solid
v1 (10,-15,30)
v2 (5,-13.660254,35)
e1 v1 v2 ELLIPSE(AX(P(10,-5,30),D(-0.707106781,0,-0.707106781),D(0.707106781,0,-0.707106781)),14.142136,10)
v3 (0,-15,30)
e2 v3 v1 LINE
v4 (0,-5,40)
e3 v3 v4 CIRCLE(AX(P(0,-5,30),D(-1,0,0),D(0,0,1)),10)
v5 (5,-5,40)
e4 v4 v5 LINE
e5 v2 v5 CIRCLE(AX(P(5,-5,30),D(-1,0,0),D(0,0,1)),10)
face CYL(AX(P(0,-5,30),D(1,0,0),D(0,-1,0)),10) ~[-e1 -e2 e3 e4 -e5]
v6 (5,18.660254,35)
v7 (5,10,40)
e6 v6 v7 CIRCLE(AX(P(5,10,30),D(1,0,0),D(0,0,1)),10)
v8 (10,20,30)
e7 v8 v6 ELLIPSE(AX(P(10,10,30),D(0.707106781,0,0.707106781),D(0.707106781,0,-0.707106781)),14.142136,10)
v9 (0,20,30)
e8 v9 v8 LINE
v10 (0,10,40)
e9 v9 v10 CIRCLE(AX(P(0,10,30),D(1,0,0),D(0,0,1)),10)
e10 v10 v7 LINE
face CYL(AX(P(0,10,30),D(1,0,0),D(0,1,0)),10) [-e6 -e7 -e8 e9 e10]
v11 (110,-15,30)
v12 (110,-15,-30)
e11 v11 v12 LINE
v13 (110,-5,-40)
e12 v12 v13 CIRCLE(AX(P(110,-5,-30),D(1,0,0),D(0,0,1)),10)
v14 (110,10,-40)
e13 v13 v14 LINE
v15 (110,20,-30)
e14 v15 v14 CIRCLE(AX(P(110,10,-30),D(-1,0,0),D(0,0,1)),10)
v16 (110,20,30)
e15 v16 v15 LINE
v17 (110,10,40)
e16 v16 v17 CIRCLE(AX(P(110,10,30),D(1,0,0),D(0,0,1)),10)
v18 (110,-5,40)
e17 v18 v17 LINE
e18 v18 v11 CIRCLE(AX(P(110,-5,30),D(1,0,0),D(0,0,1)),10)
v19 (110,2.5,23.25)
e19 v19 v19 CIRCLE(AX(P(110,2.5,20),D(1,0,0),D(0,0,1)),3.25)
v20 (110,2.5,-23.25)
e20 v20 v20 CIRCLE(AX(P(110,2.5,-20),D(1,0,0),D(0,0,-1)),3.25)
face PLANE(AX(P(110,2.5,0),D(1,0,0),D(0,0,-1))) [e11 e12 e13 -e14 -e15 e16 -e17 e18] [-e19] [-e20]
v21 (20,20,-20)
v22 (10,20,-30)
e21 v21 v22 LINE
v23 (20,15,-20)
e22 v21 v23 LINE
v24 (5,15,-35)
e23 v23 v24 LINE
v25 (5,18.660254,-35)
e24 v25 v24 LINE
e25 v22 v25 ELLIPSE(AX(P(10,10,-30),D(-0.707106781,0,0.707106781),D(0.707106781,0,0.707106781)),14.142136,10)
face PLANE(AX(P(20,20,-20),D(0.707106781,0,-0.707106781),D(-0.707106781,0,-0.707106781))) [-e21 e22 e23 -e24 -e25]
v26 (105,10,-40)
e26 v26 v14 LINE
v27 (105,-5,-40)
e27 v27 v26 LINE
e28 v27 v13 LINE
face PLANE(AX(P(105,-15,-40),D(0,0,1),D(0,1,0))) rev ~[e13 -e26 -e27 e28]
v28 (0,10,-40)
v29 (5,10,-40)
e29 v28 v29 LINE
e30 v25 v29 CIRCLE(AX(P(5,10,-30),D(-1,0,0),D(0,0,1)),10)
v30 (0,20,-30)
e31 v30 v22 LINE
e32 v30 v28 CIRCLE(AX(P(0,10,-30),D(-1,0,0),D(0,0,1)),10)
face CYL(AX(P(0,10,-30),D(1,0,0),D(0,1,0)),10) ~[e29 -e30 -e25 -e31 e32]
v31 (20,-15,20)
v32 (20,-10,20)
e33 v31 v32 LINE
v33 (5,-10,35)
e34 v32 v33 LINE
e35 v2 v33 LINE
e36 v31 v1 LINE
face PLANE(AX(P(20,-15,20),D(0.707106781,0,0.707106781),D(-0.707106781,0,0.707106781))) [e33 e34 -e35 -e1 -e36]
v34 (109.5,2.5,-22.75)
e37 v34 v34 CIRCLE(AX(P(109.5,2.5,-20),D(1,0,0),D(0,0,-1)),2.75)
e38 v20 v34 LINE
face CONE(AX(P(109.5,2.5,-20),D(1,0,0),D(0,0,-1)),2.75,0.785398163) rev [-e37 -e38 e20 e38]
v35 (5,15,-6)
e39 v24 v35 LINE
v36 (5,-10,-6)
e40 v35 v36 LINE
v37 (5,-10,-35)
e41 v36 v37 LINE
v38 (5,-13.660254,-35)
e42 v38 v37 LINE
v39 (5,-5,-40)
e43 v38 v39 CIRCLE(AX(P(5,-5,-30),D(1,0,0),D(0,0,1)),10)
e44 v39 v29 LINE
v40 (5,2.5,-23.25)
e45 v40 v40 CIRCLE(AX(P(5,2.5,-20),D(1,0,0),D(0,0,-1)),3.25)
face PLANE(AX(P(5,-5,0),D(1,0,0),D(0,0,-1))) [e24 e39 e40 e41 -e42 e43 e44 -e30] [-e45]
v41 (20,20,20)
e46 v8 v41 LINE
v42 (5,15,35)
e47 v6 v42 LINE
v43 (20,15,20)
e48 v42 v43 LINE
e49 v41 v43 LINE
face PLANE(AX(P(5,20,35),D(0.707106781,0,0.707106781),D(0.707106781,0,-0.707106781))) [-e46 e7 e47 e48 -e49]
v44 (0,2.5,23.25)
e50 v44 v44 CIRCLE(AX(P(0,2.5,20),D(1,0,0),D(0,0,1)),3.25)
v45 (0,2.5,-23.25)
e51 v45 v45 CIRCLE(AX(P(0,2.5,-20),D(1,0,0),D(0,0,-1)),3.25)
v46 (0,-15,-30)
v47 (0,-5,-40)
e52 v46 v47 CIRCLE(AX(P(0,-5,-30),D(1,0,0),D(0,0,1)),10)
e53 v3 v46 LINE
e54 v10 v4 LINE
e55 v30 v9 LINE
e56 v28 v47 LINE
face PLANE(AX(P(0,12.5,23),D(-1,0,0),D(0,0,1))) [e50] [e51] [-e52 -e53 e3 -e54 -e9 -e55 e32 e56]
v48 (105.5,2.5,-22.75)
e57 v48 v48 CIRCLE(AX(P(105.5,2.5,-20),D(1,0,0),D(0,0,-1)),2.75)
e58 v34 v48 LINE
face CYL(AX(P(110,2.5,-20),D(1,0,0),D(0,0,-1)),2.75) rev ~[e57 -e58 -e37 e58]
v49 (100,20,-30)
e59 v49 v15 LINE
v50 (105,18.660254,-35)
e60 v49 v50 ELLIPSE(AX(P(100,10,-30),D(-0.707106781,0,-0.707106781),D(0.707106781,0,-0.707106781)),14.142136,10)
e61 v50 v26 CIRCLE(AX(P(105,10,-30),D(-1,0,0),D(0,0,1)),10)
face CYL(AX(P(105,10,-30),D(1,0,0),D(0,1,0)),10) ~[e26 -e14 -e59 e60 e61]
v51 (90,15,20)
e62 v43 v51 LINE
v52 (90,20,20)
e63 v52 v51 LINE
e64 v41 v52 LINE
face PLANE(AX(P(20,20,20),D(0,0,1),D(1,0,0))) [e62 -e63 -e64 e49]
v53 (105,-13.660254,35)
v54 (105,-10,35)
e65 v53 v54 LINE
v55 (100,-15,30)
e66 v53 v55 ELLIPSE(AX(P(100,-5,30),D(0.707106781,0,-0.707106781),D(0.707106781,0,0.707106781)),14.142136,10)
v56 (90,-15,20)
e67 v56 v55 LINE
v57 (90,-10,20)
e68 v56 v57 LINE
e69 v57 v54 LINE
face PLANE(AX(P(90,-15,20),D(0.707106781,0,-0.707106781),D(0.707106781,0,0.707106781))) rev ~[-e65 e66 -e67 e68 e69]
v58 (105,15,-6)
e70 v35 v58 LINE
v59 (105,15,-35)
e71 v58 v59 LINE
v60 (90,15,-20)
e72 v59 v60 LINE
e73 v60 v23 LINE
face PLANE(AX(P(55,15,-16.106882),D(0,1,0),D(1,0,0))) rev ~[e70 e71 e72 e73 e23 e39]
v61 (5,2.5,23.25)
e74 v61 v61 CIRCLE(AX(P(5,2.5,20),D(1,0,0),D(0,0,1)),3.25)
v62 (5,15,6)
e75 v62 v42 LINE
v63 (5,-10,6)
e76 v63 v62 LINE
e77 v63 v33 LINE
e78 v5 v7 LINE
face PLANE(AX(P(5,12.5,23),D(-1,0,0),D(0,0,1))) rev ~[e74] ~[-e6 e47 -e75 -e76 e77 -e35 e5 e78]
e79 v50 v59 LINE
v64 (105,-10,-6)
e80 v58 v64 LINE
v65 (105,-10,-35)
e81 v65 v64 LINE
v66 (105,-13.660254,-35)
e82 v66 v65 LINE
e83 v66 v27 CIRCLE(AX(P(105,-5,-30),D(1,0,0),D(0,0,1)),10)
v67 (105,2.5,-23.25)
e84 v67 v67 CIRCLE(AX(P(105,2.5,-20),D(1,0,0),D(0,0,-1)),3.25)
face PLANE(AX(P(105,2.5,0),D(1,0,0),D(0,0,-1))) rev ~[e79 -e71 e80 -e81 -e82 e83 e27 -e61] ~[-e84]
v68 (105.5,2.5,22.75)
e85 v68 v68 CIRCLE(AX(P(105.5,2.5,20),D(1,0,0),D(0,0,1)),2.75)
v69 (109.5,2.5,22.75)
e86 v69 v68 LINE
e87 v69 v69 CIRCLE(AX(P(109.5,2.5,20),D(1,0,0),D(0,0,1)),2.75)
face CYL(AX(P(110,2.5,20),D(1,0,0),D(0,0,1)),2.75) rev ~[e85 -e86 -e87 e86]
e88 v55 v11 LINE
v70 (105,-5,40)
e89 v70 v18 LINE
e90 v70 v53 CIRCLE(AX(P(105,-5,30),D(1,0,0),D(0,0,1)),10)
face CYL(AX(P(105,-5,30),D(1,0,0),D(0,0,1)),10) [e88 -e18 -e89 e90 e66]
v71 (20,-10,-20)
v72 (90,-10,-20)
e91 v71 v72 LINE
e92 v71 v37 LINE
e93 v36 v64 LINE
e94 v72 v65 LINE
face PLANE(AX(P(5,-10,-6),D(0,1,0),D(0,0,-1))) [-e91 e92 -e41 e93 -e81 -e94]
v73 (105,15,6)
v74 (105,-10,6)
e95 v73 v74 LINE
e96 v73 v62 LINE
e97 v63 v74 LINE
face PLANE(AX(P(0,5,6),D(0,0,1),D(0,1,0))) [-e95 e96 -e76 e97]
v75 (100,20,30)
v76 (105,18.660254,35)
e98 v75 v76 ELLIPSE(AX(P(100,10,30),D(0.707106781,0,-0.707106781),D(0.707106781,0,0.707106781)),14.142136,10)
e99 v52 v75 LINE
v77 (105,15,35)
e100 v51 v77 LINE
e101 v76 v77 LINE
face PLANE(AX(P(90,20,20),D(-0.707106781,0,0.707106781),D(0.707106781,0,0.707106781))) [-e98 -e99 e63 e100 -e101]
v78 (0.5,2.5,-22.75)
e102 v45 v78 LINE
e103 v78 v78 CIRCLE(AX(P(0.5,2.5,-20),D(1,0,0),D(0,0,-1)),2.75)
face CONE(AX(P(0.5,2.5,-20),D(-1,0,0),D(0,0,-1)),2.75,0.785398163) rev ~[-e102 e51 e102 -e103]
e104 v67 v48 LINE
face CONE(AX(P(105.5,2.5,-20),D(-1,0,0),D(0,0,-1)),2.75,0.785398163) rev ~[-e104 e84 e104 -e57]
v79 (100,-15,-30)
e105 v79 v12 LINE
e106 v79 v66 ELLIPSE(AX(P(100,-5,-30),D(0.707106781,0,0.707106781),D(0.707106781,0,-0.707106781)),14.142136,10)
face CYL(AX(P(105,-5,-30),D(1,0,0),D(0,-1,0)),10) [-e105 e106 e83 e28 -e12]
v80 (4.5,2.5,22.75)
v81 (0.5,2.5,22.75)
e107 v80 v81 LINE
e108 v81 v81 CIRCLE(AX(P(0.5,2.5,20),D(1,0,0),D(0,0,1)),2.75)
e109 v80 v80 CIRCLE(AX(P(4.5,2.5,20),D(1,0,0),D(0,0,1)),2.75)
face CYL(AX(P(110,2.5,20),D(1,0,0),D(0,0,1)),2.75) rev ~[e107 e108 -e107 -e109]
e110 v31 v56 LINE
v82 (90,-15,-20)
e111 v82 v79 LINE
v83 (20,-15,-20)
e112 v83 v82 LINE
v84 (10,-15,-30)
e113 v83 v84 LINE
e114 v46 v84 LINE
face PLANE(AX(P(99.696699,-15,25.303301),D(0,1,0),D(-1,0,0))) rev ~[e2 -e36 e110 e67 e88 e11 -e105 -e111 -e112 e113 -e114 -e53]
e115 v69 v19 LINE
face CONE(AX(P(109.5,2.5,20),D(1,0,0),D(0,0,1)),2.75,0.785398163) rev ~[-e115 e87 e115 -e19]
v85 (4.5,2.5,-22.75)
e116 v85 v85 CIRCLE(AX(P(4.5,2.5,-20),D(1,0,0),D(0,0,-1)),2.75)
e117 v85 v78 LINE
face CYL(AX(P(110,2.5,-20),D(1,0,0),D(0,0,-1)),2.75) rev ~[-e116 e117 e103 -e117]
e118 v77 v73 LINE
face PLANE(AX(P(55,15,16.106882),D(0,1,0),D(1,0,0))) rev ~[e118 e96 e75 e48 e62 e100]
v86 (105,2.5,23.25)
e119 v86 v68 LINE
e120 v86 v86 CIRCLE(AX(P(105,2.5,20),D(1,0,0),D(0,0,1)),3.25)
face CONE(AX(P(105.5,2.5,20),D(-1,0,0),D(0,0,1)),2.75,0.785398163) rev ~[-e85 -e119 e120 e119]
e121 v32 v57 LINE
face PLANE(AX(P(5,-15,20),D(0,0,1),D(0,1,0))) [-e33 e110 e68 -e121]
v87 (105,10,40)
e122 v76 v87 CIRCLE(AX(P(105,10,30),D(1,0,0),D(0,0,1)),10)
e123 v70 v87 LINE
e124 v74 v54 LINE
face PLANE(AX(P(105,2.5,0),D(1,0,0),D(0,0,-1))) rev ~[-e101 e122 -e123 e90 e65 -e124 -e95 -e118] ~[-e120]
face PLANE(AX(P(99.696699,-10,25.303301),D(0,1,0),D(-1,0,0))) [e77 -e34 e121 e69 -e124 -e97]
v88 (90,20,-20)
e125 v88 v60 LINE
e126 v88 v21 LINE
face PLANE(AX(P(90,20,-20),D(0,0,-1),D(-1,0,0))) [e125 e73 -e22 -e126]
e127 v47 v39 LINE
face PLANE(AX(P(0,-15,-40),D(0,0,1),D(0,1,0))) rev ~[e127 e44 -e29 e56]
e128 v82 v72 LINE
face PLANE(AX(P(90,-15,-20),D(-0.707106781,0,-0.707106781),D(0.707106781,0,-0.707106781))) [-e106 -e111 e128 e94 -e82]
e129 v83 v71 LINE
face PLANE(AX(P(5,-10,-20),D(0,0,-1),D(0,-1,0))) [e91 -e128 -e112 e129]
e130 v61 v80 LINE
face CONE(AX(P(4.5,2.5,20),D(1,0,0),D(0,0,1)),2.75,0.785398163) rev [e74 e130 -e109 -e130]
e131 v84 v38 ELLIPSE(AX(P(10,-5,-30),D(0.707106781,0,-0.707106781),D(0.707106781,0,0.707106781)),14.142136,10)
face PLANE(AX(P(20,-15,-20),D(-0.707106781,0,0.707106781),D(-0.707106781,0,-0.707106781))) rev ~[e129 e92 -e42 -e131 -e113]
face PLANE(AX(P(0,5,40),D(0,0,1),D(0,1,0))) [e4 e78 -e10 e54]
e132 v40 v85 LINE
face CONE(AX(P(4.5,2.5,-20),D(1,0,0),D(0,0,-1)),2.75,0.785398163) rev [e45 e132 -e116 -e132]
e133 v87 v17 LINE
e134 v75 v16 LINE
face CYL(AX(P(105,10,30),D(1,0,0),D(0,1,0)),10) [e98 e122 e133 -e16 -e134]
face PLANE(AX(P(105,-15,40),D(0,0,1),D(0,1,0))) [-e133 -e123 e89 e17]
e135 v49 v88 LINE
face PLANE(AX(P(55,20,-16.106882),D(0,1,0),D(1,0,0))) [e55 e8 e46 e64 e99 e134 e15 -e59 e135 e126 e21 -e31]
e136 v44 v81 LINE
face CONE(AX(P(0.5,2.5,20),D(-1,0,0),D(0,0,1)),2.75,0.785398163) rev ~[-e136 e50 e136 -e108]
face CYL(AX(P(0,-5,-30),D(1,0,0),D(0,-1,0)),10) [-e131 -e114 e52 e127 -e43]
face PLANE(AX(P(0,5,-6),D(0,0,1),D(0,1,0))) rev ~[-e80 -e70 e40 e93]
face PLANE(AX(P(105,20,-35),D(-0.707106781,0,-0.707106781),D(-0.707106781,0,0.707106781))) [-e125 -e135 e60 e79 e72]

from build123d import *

# Parameters (mm, degrees)
SKETCH_1_W          = 80
SKETCH_1_H          = 20
EXTRUDE_1_DEPTH     = 5
EXTRUDE_3_DEPTH     = 100
SKETCH_5_W          = 12
SKETCH_5_H          = 15
EXTRUDE_4_DEPTH     = 105
SKETCH_6_W          = 34
SKETCH_6_H          = 15
EXTRUDE_5_DEPTH     = 5
SKETCH_7_W          = 80
SKETCH_7_H          = 35
EXTRUDE_6_DEPTH     = 5
EXTRUDE_7_DEPTH     = 5
SKETCH_9_R          = 2.75
CUT_EXTRUDE_1_DEPTH = 119.74342087
CHAMFER_1_SIZE      = 0.5
FILLET_1_R          = 10
EXTRUDE_8_DEPTH     = 5
FILLET_2_R          = 10


with BuildPart() as part:
    # 草图1 → 凸台-拉伸1 (new body)
    with BuildSketch(Plane(origin=(0, 0, 0), x_dir=(0, 0, -1), z_dir=(1, 0, 0))):
        with Locations((0, -5)):
            Rectangle(SKETCH_1_W, SKETCH_1_H)
    extrude(amount=EXTRUDE_1_DEPTH)

    # 草图3 → 凸台-拉伸3 (add)
    with BuildSketch(Plane(origin=(5, 0, 0), x_dir=(0, 0, -1), z_dir=(1, 0, 0))):
        Polygon((-6, 5), (6, 5), (6, -10), (20, -10), (20, -15), (-20, -15), (-20, -10), (-6, -10), align=None)
    extrude(amount=EXTRUDE_3_DEPTH)

    # 草图5 → 凸台-拉伸4 (add)
    with BuildSketch(Plane.ZY):
        with Locations((0, 12.5)):
            Rectangle(SKETCH_5_W, SKETCH_5_H)
    extrude(amount=-EXTRUDE_4_DEPTH)

    # 草图6 → 凸台-拉伸5 (add)
    with BuildSketch(Plane.ZY):
        with Locations((23, 12.5)):
            Rectangle(SKETCH_6_W, SKETCH_6_H)
        with Locations((-23, 12.5)):
            Rectangle(SKETCH_6_W, SKETCH_6_H)
    extrude(amount=-EXTRUDE_5_DEPTH)

    # 草图7 → 凸台-拉伸6 (add)
    with BuildSketch(Plane(origin=(105, 0, 0), x_dir=(0, 0, -1), z_dir=(1, 0, 0))):
        with Locations((0, 2.5)):
            Rectangle(SKETCH_7_W, SKETCH_7_H)
    extrude(amount=EXTRUDE_6_DEPTH)

    # 草图8 → 凸台-拉伸7 (add)
    with BuildSketch(Plane.XZ.offset(15)):
        Polygon((90, 20), (105, 35), (105, 20), align=None)
        Polygon((105, -20), (90, -20), (105, -35), align=None)
        Polygon((5, 20), (20, 20), (5, 35), align=None)
        Polygon((20, -20), (5, -35), (5, -20), align=None)
    extrude(amount=-EXTRUDE_7_DEPTH)

    # 草图9 → 切除-拉伸1 (cut, through all)
    with BuildSketch(Plane(origin=(110, 0, 0), x_dir=(0, 0, -1), z_dir=(1, 0, 0))):
        with Locations((20, 2.5)):
            Circle(SKETCH_9_R)
        with Locations(Location((-20, 2.5, 0), (0, 0, 180))):
            Circle(SKETCH_9_R)
    extrude(amount=-CUT_EXTRUDE_1_DEPTH, mode=Mode.SUBTRACT)

    # 倒角1
    chamfer_1_edges = [part.edges().sort_by_distance(p)[0] for p in [
        (105, 2.5, -17.25),
        (5, 2.5, -17.25),
        (0, 2.5, -17.25),
        (110, 2.5, -17.25),
        (105, 2.5, 17.25),
        (5, 2.5, 17.25),
        (0, 2.5, 17.25),
        (110, 2.5, 17.25),
    ]]
    chamfer(chamfer_1_edges, length=CHAMFER_1_SIZE)

    # 圆角1
    fillet_1_edges = [part.edges().sort_by_distance(p)[0] for p in [
        (107.5, -15, -40),
        (107.5, -15, 40),
        (2.5, -15, 40),
        (2.5, -15, -40),
    ]]
    fillet(fillet_1_edges, radius=FILLET_1_R)

    # 草图10 → 凸台-拉伸8 (add)
    with BuildSketch(Plane(origin=(0, 20, 0), x_dir=(1, 0, 0), z_dir=(0, 1, 0))):
        Polygon((5, 35), (5, 6), (105, 6), (105, 35), (90, 20), (20, 20), align=None)
        Polygon((5, -6), (5, -35), (20, -20), (90, -20), (105, -35), (105, -6), align=None)
    extrude(amount=-EXTRUDE_8_DEPTH)

    # 圆角2
    fillet_2_edges = [part.edges().sort_by_distance(p)[0] for p in [
        (107.5, 20, 40),
        (107.5, 20, -40),
        (2.5, 20, 40),
        (2.5, 20, -40),
    ]]
    fillet(fillet_2_edges, radius=FILLET_2_R)


solid = part.part
